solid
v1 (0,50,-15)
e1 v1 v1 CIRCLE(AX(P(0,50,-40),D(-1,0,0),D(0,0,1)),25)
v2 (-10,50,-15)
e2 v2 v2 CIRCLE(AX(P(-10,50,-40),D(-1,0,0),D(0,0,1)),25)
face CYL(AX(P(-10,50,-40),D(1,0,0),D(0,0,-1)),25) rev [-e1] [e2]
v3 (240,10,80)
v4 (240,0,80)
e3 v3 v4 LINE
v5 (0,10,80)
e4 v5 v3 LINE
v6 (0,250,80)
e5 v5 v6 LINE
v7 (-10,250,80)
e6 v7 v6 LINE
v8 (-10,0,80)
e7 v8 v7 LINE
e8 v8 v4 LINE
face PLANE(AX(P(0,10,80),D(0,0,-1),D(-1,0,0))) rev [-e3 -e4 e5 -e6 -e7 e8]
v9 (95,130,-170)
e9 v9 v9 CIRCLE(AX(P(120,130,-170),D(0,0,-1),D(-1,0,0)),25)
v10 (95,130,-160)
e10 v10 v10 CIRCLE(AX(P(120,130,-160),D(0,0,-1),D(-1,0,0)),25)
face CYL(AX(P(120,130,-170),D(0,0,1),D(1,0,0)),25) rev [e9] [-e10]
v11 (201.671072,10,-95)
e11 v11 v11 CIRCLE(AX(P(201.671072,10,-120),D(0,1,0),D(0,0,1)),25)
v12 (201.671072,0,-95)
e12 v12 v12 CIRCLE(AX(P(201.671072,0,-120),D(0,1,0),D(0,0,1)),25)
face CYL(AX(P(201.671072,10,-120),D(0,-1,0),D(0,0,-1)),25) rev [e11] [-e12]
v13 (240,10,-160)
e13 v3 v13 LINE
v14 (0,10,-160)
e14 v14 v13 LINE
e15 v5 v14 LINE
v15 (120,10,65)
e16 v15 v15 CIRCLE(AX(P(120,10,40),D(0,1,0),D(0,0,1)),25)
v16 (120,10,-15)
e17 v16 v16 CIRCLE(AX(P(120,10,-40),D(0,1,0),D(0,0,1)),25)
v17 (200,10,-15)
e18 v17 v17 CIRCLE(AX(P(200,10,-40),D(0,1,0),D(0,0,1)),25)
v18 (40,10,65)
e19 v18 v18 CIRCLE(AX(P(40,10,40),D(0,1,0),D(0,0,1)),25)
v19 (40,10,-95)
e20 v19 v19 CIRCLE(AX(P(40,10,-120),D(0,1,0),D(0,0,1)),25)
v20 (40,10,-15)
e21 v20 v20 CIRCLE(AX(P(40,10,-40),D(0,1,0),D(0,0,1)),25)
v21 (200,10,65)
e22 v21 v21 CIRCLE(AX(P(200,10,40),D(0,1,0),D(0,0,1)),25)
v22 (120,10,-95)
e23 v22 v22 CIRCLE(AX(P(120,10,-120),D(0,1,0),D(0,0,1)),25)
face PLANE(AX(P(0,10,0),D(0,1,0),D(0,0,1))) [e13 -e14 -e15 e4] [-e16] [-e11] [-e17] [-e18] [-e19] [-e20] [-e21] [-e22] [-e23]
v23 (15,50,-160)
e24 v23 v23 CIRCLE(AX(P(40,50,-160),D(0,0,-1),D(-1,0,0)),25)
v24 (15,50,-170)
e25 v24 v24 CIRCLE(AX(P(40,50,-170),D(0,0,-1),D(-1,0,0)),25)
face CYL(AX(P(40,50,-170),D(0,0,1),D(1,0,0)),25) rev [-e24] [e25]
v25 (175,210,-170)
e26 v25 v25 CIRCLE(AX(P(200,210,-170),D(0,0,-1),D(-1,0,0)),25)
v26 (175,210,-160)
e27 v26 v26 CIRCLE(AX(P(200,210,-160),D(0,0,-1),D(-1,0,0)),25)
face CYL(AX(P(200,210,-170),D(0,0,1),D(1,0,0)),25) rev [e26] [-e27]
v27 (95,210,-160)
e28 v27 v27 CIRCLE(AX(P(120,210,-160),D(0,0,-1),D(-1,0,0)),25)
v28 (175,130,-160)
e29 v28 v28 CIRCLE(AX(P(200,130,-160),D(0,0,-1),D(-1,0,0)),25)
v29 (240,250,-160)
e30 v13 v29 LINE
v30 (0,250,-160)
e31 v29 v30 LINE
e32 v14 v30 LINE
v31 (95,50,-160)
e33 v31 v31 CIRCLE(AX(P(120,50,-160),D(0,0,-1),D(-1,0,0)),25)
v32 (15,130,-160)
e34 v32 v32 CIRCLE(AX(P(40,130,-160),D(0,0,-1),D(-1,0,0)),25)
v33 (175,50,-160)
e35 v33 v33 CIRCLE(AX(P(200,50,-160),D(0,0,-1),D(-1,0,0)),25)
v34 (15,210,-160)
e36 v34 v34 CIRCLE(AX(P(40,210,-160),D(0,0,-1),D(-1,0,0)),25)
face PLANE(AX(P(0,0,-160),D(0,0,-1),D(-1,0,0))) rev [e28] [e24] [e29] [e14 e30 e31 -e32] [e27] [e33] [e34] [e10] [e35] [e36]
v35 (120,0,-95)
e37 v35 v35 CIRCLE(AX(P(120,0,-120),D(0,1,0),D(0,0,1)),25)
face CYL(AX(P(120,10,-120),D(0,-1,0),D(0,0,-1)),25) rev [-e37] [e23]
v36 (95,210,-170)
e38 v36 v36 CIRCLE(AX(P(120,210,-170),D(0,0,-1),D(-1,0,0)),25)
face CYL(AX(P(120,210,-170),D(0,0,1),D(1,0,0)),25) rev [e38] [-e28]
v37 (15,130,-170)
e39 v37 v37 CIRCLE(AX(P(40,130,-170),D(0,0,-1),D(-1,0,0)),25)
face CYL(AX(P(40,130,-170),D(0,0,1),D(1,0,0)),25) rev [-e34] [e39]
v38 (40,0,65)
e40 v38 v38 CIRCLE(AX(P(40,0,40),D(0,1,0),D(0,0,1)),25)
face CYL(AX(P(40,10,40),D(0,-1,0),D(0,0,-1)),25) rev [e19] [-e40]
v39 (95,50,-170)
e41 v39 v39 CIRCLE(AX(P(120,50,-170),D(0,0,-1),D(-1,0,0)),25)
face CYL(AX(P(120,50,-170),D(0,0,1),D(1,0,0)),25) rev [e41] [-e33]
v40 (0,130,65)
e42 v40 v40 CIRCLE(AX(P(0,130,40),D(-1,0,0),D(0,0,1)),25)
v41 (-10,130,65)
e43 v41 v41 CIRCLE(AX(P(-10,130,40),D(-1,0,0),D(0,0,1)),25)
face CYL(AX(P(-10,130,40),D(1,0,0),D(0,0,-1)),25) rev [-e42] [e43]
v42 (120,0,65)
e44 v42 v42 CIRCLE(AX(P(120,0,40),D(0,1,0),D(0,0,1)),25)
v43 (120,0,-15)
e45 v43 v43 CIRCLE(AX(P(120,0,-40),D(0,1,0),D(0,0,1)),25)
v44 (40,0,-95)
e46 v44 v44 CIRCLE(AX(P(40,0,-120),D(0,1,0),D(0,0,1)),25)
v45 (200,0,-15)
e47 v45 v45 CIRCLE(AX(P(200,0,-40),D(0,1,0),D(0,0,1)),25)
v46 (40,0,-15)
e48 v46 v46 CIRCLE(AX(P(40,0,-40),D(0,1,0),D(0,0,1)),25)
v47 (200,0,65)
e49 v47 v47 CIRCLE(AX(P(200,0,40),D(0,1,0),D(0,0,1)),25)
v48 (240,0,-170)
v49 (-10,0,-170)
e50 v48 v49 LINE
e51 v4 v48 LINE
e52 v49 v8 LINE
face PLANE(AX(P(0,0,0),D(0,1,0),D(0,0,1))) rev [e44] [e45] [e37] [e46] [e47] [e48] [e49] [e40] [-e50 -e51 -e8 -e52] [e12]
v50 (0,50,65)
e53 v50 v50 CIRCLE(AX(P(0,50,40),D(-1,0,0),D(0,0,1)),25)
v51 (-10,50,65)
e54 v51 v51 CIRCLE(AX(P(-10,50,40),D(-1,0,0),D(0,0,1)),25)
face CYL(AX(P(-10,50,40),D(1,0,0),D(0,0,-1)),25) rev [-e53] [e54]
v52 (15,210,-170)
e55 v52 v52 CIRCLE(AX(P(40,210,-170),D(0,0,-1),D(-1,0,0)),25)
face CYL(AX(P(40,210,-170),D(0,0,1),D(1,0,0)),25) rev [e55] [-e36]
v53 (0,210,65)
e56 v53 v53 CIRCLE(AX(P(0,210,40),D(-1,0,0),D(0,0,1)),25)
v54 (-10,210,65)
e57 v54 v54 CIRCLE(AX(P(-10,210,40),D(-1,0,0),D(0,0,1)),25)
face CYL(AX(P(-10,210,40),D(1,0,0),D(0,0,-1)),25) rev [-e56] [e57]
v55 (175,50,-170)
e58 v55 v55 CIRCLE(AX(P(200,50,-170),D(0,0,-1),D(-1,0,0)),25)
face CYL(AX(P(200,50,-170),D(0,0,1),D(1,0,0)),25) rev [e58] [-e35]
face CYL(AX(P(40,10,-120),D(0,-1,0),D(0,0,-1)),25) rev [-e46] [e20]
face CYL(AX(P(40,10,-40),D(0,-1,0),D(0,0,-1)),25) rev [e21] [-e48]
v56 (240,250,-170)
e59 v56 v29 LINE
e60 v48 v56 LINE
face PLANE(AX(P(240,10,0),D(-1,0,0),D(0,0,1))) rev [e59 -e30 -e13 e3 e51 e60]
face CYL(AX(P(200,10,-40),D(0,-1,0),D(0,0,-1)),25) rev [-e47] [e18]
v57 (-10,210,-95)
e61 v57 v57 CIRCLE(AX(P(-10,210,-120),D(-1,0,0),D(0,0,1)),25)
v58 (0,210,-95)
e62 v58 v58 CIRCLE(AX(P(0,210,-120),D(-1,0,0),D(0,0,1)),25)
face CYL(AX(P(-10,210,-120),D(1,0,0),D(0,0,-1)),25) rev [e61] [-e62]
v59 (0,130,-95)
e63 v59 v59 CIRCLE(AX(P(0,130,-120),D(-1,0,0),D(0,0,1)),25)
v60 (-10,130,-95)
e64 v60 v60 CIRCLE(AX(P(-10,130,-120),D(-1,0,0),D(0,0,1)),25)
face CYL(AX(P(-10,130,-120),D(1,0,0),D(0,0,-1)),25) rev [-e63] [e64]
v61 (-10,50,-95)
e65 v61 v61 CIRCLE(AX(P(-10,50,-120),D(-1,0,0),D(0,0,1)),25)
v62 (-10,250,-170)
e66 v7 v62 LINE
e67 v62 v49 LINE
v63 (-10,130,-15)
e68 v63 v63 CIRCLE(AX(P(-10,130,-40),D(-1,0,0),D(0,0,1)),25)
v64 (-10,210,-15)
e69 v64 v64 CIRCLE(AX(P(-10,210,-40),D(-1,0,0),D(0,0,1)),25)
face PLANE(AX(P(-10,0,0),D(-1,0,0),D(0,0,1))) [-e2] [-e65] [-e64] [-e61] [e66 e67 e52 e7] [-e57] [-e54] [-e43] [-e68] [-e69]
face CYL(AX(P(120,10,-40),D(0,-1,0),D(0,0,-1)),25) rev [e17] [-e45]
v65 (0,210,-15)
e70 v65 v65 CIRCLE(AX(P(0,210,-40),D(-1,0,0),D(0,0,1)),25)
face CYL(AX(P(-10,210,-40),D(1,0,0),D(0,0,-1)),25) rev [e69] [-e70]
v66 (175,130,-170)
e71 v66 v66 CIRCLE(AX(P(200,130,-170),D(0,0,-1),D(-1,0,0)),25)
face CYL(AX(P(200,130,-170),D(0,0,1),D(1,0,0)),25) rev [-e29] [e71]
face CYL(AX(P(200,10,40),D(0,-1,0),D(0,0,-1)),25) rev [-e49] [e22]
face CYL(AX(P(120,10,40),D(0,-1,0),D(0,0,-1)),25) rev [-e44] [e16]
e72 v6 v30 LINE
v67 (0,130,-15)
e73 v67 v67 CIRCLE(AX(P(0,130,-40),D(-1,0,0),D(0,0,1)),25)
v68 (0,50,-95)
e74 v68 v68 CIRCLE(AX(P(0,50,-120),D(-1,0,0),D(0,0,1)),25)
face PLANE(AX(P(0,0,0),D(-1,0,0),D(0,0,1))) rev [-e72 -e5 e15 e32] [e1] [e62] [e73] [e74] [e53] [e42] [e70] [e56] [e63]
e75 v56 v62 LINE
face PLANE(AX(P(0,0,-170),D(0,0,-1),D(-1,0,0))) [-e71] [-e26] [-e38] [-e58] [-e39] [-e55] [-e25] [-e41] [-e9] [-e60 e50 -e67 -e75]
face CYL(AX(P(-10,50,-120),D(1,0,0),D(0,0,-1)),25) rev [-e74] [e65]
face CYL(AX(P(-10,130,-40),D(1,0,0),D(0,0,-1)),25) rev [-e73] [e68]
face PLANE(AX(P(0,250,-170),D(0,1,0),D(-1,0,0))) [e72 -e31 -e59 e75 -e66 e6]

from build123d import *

# Parameters (mm, degrees)
SKETCH1_W           = 80
SKETCH1_H           = 80
SKETCH1_R           = 25
BOSS_EXTRUDE1_DEPTH = 10
SKETCH3_W           = 80
SKETCH3_H           = 80
SKETCH3_R           = 25
BOSS_EXTRUDE2_DEPTH = 10
SKETCH4_R           = 25
SKETCH4_W           = 80
SKETCH4_H           = 80
BOSS_EXTRUDE3_DEPTH = 10


with BuildPart() as part:
    # Sketch1 → Boss-Extrude1 (new body)
    with BuildSketch(Plane(origin=(0, 0, 0), x_dir=(1, 0, 0), z_dir=(0, 1, 0))):
        with Locations((40, -40)):
            Rectangle(SKETCH1_W, SKETCH1_H)
        with Locations((40, -40)):
            Circle(SKETCH1_R, mode=Mode.SUBTRACT)
        with Locations((120, -40)):
            Rectangle(SKETCH1_W, SKETCH1_H)
        with Locations((120, -40)):
            Circle(SKETCH1_R, mode=Mode.SUBTRACT)
        with Locations((200, -40)):
            Rectangle(SKETCH1_W, SKETCH1_H)
        with Locations((200, -40)):
            Circle(SKETCH1_R, mode=Mode.SUBTRACT)
        with Locations((200, 40)):
            Rectangle(SKETCH1_W, SKETCH1_H)
        with Locations((200, 40)):
            Circle(SKETCH1_R, mode=Mode.SUBTRACT)
        with Locations((120, 40)):
            Rectangle(SKETCH1_W, SKETCH1_H)
        with Locations((120, 40)):
            Circle(SKETCH1_R, mode=Mode.SUBTRACT)
        with Locations((40, 40)):
            Rectangle(SKETCH1_W, SKETCH1_H)
        with Locations((40, 40)):
            Circle(SKETCH1_R, mode=Mode.SUBTRACT)
        with Locations((40, 120)):
            Rectangle(SKETCH1_W, SKETCH1_H)
        with Locations((40, 120)):
            Circle(SKETCH1_R, mode=Mode.SUBTRACT)
        with Locations((120, 120)):
            Rectangle(SKETCH1_W, SKETCH1_H)
        with Locations((120, 120)):
            Circle(SKETCH1_R, mode=Mode.SUBTRACT)
        with Locations((200, 120)):
            Rectangle(SKETCH1_W, SKETCH1_H)
        with Locations((201.671071705, 120)):
            Circle(SKETCH1_R, mode=Mode.SUBTRACT)
    extrude(amount=BOSS_EXTRUDE1_DEPTH)

    # Sketch3 → Boss-Extrude2 (add)
    with BuildSketch(Plane(origin=(0, 0, -160), x_dir=(-1, 0, 0), z_dir=(0, 0, -1))):
        with Locations((-200, 130)):
            Rectangle(SKETCH3_W, SKETCH3_H)
        with Locations((-200, 130)):
            Circle(SKETCH3_R, mode=Mode.SUBTRACT)
        Polygon((-213.333333333, 90), (-240, 90), (-240, 63.333333333), (-240, 36.666666667), (-240, 10), (-213.333333333, 10), (-186.666666667, 10), (-160, 10), (-160, 36.666666667), (-160, 63.333333333), (-160, 90), (-186.666666667, 90), align=None)
        with Locations((-200, 50)):
            Circle(SKETCH3_R, mode=Mode.SUBTRACT)
        Polygon((-213.333333333, 10), (-240, 10), (-240, 0), (0, 0), (0, 10), (-26.666666667, 10), (-53.333333333, 10), (-80, 10), (-106.666666667, 10), (-133.333333333, 10), (-160, 10), (-186.666666667, 10), align=None)
        Polygon((-133.333333333, 90), (-160, 90), (-160, 63.333333333), (-160, 36.666666667), (-160, 10), (-133.333333333, 10), (-106.666666667, 10), (-80, 10), (-80, 36.666666667), (-80, 63.333333333), (-80, 90), (-106.666666667, 90), align=None)
        with Locations((-120, 50)):
            Circle(SKETCH3_R, mode=Mode.SUBTRACT)
        Polygon((-53.333333333, 90), (-80, 90), (-80, 63.333333333), (-80, 36.666666667), (-80, 10), (-53.333333333, 10), (-26.666666667, 10), (0, 10), (0, 36.666666667), (0, 63.333333333), (0, 90), (-26.666666667, 90), align=None)
        with Locations((-40, 50)):
            Circle(SKETCH3_R, mode=Mode.SUBTRACT)
        with Locations((-40, 130)):
            Rectangle(SKETCH3_W, SKETCH3_H)
        with Locations((-40, 130)):
            Circle(SKETCH3_R, mode=Mode.SUBTRACT)
        with Locations((-120, 130)):
            Rectangle(SKETCH3_W, SKETCH3_H)
        with Locations((-120, 130)):
            Circle(SKETCH3_R, mode=Mode.SUBTRACT)
        with Locations((-120, 210)):
            Rectangle(SKETCH3_W, SKETCH3_H)
        with Locations((-120, 210)):
            Circle(SKETCH3_R, mode=Mode.SUBTRACT)
        with Locations((-40, 210)):
            Rectangle(SKETCH3_W, SKETCH3_H)
        with Locations((-40, 210)):
            Circle(SKETCH3_R, mode=Mode.SUBTRACT)
        with Locations((-200, 210)):
            Rectangle(SKETCH3_W, SKETCH3_H)
        with Locations((-200, 210)):
            Circle(SKETCH3_R, mode=Mode.SUBTRACT)
    extrude(amount=BOSS_EXTRUDE2_DEPTH)

    # Sketch4 → Boss-Extrude3 (add)
    with BuildSketch(Plane.ZY):
        Polygon((-133.333333333, 90), (-160, 90), (-160, 63.333333333), (-160, 36.666666667), (-160, 10), (-133.333333333, 10), (-106.666666667, 10), (-80, 10), (-80, 36.666666667), (-80, 63.333333333), (-80, 90), (-106.666666667, 90), align=None)
        with Locations((-120, 50)):
            Circle(SKETCH4_R, mode=Mode.SUBTRACT)
        Polygon((-133.333333333, 170), (-160, 170), (-160, 143.333333333), (-160, 116.666666667), (-160, 90), (-133.333333333, 90), (-106.666666667, 90), (-80, 90), (-80, 116.666666667), (-80, 143.333333333), (-80, 170), (-106.666666667, 170), align=None)
        with Locations((-120, 130)):
            Circle(SKETCH4_R, mode=Mode.SUBTRACT)
        Polygon((-160, 196.666666667), (-160, 170), (-133.333333333, 170), (-106.666666667, 170), (-80, 170), (-80, 196.666666667), (-80, 223.333333333), (-80, 250), (-106.666666667, 250), (-133.333333333, 250), (-160, 250), (-160, 223.333333333), align=None)
        with Locations((-120, 210)):
            Circle(SKETCH4_R, mode=Mode.SUBTRACT)
        with Locations((-40, 210)):
            Rectangle(SKETCH4_W, SKETCH4_H)
        with Locations((-40, 210)):
            Circle(SKETCH4_R, mode=Mode.SUBTRACT)
        with Locations((-40, 130)):
            Rectangle(SKETCH4_W, SKETCH4_H)
        with Locations((-40, 130)):
            Circle(SKETCH4_R, mode=Mode.SUBTRACT)
        Polygon((-53.333333333, 90), (-80, 90), (-80, 63.333333333), (-80, 36.666666667), (-80, 10), (-53.333333333, 10), (-26.666666667, 10), (0, 10), (0, 36.666666667), (0, 63.333333333), (0, 90), (-26.666666667, 90), align=None)
        with Locations((-40, 50)):
            Circle(SKETCH4_R, mode=Mode.SUBTRACT)
        Polygon((53.333333333, 10), (80, 10), (80, 36.666666667), (80, 63.333333333), (80, 90), (53.333333333, 90), (26.666666667, 90), (0, 90), (0, 63.333333333), (0, 36.666666667), (0, 10), (26.666666667, 10), align=None)
        with Locations((40, 50)):
            Circle(SKETCH4_R, mode=Mode.SUBTRACT)
        with Locations((40, 130)):
            Rectangle(SKETCH4_W, SKETCH4_H)
        with Locations((40, 130)):
            Circle(SKETCH4_R, mode=Mode.SUBTRACT)
        with Locations((40, 210)):
            Rectangle(SKETCH4_W, SKETCH4_H)
        with Locations((40, 210)):
            Circle(SKETCH4_R, mode=Mode.SUBTRACT)
        Polygon((-160, 143.333333333), (-160, 170), (-160, 196.666666667), (-160, 223.333333333), (-160, 250), (-170, 250), (-170, 0), (80, 0), (80, 10), (53.333333333, 10), (26.666666667, 10), (0, 10), (-26.666666667, 10), (-53.333333333, 10), (-80, 10), (-106.666666667, 10), (-133.333333333, 10), (-160, 10), (-160, 36.666666667), (-160, 63.333333333), (-160, 90), (-160, 116.666666667), align=None)
    extrude(amount=BOSS_EXTRUDE3_DEPTH)


solid = part.part
